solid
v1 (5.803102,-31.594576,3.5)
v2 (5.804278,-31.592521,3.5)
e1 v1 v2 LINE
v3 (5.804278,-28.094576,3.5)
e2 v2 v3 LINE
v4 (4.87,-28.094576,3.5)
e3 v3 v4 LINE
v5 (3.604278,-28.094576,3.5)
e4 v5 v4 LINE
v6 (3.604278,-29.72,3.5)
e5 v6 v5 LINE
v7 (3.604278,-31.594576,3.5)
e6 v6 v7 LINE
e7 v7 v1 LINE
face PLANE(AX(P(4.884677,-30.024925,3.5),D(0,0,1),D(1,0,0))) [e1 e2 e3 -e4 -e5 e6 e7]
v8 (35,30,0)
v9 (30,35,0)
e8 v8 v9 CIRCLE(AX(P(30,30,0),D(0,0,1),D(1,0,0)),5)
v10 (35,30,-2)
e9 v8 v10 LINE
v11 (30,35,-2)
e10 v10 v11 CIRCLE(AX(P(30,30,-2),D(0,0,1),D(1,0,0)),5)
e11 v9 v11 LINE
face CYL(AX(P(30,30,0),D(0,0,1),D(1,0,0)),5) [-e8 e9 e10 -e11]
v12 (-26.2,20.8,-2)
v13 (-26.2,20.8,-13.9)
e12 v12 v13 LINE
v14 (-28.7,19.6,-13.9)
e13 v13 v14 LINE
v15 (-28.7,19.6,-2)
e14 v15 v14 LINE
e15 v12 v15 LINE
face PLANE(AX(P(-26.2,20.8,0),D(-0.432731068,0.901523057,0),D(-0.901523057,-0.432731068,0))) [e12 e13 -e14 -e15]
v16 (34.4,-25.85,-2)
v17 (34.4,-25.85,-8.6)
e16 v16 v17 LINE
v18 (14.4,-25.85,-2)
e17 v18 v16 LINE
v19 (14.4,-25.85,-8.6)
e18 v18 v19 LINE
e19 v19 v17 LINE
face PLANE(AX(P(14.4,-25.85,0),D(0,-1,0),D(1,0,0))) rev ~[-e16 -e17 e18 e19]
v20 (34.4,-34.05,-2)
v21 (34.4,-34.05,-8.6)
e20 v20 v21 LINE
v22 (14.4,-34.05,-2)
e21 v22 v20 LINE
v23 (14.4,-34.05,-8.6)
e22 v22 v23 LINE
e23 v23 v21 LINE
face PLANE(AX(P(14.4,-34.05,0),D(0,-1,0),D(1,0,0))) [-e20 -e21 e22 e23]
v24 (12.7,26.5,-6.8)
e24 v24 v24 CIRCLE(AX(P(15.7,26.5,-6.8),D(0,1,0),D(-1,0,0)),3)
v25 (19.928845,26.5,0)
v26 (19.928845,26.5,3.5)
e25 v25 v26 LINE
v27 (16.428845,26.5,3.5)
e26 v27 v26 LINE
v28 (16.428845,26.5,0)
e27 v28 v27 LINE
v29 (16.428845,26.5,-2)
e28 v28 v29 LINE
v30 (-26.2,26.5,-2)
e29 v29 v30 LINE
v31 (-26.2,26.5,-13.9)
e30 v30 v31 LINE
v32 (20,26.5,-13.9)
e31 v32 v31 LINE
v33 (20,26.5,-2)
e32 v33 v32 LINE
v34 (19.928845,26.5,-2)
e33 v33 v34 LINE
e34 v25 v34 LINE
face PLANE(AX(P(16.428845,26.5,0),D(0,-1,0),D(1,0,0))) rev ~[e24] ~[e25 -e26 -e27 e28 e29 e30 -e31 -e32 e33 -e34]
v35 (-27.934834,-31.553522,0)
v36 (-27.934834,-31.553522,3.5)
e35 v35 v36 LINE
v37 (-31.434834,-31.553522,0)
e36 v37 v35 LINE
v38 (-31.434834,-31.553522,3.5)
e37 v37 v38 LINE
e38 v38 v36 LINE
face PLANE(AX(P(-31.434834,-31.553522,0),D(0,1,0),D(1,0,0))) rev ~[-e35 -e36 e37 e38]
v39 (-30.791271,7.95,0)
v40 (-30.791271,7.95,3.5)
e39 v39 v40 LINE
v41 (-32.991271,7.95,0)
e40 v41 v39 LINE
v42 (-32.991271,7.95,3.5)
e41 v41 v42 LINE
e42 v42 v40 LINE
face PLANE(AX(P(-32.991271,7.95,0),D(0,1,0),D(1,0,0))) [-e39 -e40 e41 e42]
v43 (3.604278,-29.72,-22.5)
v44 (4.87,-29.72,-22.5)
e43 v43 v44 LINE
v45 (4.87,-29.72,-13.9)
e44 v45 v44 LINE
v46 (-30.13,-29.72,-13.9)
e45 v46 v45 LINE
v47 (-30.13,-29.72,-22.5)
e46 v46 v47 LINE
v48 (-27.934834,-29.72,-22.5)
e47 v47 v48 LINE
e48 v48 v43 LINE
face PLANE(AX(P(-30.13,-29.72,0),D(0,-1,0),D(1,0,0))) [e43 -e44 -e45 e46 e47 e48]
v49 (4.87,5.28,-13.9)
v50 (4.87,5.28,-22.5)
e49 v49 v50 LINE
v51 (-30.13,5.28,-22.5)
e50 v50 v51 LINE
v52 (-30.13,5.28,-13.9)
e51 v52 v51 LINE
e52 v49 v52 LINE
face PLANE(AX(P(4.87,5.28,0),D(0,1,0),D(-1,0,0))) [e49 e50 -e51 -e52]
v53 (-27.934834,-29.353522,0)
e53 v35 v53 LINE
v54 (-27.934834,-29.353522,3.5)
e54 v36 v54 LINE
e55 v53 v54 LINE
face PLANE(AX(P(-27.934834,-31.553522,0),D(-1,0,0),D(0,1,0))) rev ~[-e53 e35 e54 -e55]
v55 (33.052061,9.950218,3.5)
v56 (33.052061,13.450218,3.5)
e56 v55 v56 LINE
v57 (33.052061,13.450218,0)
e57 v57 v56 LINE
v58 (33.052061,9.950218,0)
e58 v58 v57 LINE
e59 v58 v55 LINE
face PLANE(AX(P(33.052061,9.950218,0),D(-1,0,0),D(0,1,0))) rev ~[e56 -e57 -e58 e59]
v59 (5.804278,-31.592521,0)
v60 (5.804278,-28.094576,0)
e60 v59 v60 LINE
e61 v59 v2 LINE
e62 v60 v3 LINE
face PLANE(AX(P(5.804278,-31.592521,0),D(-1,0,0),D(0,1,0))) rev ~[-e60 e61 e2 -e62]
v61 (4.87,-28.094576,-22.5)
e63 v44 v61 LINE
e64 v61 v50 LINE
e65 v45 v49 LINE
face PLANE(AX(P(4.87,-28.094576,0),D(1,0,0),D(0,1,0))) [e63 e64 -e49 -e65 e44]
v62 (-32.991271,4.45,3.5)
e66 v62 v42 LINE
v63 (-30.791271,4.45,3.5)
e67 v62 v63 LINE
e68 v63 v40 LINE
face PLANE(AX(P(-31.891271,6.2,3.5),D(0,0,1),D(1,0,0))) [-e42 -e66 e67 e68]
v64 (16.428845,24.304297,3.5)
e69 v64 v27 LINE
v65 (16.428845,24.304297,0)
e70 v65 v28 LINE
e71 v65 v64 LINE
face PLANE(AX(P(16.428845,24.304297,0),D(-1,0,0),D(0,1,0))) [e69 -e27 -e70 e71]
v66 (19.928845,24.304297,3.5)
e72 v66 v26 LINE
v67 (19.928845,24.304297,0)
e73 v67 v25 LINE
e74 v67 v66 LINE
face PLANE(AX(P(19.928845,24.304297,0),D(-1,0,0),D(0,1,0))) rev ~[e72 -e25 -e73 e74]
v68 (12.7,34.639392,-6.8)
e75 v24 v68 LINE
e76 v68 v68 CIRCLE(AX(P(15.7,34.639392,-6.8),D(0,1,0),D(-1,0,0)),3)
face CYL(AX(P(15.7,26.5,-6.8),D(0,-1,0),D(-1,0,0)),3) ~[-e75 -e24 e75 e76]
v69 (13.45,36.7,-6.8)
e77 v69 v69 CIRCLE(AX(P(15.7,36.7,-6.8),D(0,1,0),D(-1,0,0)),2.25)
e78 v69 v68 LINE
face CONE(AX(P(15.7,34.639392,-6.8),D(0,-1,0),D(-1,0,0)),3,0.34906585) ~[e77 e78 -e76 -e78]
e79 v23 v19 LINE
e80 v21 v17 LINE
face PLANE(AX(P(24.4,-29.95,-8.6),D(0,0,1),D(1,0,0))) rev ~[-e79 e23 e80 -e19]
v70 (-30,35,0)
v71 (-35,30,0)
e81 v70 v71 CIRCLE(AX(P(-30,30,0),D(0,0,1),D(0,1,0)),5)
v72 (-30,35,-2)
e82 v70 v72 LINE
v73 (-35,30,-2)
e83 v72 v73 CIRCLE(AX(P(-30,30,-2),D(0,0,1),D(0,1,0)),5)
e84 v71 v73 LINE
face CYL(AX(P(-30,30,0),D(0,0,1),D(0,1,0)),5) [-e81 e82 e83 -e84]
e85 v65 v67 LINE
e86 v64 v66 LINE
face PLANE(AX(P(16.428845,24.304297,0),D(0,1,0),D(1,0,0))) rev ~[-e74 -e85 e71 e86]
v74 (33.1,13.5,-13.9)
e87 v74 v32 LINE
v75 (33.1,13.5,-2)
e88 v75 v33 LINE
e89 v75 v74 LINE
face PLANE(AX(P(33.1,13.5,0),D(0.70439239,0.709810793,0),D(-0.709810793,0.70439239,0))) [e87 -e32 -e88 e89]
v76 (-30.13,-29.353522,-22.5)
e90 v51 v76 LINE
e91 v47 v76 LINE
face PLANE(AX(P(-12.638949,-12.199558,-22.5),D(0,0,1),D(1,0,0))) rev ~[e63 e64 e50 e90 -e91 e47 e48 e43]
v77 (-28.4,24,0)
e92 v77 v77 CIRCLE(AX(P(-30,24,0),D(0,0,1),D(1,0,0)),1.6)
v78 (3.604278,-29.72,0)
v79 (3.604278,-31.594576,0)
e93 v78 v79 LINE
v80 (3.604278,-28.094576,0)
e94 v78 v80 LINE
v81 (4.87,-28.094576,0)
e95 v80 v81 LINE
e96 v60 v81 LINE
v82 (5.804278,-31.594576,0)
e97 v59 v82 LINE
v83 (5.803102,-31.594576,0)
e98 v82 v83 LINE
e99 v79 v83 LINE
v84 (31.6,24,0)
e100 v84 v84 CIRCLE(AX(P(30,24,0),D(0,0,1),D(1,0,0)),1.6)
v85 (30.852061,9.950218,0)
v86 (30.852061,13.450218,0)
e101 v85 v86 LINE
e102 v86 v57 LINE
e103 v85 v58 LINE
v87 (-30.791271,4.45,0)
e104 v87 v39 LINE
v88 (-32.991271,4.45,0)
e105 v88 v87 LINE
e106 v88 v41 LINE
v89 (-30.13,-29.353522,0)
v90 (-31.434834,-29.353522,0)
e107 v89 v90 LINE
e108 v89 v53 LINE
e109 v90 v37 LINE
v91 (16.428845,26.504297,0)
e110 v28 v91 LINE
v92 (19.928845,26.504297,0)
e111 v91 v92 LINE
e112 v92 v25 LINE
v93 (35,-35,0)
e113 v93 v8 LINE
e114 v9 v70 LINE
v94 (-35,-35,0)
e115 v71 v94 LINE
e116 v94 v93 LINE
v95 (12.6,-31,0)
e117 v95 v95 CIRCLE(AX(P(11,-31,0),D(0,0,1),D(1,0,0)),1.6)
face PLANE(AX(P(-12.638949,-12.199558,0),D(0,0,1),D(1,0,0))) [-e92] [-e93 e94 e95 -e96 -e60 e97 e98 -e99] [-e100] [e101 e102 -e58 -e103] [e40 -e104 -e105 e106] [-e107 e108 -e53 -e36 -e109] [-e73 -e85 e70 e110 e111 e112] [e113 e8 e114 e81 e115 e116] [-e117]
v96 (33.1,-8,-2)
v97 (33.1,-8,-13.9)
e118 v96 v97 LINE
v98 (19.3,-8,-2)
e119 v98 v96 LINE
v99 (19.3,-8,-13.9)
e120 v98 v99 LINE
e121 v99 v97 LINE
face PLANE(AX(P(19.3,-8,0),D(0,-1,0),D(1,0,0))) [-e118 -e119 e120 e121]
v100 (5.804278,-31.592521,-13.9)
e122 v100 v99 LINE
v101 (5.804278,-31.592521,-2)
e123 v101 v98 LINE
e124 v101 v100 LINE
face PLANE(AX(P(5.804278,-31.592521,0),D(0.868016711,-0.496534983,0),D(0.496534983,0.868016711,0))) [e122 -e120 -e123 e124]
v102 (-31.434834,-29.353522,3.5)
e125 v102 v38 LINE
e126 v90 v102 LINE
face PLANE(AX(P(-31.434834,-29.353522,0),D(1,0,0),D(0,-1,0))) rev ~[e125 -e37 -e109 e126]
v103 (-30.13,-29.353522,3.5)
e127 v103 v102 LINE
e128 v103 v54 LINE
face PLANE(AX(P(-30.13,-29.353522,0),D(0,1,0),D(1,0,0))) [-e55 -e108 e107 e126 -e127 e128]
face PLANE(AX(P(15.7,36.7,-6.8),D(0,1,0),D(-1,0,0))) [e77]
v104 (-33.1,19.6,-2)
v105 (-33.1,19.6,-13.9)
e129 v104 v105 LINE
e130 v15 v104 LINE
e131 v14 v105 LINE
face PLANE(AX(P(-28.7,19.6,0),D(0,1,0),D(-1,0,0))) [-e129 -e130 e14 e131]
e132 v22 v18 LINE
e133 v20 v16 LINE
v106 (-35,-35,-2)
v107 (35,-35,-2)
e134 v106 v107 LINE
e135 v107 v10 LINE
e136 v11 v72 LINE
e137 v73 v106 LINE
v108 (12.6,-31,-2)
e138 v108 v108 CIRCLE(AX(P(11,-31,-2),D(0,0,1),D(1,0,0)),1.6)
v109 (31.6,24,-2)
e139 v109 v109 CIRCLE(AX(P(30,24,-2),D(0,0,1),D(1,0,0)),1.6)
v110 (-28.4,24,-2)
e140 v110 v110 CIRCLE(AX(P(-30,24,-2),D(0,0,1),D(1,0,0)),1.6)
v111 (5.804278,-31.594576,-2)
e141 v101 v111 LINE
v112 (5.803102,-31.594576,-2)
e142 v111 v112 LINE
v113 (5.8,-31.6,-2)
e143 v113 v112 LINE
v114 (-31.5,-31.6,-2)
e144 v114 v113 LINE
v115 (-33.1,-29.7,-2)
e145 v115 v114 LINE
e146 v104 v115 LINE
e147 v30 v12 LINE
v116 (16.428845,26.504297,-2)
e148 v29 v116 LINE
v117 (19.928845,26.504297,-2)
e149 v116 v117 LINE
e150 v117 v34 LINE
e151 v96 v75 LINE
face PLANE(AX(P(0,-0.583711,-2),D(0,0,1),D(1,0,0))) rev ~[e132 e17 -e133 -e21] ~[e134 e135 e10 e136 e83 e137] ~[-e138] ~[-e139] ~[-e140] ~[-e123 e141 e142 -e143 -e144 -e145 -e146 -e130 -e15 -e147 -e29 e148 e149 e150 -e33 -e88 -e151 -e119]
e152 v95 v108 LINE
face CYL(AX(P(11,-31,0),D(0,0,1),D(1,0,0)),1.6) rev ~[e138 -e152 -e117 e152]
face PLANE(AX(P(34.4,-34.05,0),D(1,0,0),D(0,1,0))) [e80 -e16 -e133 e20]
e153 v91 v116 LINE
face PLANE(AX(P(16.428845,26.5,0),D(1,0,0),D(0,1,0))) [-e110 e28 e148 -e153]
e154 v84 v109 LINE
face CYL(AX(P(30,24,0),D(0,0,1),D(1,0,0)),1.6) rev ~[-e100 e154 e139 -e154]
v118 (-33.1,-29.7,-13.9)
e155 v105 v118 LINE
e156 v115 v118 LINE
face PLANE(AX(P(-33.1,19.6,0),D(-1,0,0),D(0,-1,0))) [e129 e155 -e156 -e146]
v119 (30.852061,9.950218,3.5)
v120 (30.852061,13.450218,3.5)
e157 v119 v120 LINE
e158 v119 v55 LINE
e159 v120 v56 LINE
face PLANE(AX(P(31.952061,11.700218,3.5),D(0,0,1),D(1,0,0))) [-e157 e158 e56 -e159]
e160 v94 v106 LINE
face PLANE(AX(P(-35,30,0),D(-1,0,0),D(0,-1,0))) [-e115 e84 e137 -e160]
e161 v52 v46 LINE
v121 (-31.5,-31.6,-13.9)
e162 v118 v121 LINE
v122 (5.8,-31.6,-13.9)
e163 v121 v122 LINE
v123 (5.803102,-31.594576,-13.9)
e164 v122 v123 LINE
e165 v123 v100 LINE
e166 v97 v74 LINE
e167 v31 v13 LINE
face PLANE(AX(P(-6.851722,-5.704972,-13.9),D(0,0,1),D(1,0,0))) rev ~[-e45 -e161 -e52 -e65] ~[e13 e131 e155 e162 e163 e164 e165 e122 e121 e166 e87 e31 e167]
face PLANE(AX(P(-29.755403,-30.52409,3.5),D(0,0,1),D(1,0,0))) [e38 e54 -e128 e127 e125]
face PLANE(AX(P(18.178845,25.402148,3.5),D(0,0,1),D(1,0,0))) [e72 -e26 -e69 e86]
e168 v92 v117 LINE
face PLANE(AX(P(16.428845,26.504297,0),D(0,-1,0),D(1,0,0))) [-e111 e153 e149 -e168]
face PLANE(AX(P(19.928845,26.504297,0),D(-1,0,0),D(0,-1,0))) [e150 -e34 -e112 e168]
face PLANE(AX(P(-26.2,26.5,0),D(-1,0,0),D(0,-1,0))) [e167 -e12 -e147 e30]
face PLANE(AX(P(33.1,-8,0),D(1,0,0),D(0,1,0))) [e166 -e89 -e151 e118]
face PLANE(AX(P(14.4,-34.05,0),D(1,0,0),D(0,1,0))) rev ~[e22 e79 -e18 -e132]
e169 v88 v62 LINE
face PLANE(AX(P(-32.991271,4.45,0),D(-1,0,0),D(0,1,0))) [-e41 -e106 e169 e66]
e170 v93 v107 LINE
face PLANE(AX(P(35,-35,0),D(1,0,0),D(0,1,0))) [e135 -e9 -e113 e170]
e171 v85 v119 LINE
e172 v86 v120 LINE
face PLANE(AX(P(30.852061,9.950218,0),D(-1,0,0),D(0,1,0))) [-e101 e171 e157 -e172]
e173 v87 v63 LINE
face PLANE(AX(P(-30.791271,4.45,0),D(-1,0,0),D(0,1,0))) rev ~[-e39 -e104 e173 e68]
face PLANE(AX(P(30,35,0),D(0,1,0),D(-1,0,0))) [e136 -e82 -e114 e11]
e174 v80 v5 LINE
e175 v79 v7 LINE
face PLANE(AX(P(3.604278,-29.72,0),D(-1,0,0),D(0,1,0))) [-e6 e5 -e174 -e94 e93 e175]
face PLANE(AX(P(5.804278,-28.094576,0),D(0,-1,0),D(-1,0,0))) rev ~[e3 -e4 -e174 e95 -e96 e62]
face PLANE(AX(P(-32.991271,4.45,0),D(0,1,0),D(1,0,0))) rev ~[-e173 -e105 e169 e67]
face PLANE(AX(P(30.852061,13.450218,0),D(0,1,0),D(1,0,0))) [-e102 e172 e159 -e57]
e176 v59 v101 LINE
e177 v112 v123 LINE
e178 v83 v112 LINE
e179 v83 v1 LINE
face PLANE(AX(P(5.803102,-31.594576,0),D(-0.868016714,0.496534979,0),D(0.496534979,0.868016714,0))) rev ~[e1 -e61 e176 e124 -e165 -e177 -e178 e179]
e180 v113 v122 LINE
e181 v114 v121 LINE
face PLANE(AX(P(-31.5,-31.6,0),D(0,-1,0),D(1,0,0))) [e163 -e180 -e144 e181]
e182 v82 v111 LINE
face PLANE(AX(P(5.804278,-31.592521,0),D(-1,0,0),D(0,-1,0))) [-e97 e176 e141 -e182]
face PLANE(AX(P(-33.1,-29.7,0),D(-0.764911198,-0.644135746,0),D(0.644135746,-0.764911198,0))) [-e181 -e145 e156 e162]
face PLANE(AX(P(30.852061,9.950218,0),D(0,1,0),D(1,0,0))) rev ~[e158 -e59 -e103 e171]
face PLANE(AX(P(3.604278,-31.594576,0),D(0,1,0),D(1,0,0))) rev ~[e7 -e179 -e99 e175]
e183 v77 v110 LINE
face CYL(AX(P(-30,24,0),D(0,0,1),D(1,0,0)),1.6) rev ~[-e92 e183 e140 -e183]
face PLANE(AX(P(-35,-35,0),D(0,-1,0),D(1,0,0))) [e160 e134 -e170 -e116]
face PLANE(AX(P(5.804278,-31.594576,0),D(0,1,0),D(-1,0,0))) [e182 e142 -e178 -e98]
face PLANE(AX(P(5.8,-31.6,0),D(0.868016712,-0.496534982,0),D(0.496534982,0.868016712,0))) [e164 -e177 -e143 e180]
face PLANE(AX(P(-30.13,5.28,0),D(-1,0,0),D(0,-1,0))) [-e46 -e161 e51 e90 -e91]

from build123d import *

# Parameters (mm, degrees)
F0_R     = 1.6
F0_W     = 20
F0_H     = 8.2
F0_W_2   = 2.2
F0_H_2   = 3.5
F0_W_3   = 3.5
F0_H_3   = 2.1957031846
F1_DEPTH = 2
F0_W_4   = 1.2657215719
F0_H_4   = 1.6254235071
F0_W_5   = 2.1951658177
F0_H_5   = 0.3664782417
F2_DEPTH = 13.9
F3_DEPTH = 8.6
F4_DEPTH = 22.5
F5_R     = 3
F6_DEPTH = 10.2
F7_SIZE2 = 2.0606080646
F7_SIZE  = 0.75
F8_DEPTH = 3.5


with BuildPart() as f1:
    # F0 (on Top) → F1 (new body)
    with BuildSketch(Plane.XY):
        with BuildLine():
            ThreePointArc((35, 30), (33.5355339059, 33.5355339059), (30, 35))
            Line((30, 35), (-30, 35))
            ThreePointArc((-30, 35), (-33.5355339059, 33.5355339059), (-35, 30))
            Line((-35, 30), (-35, -35))
            Line((-35, -35), (35, -35))
            Line((35, -35), (35, 30))
        make_face()
        with Locations((11, -31)):
            Circle(F0_R, mode=Mode.SUBTRACT)
        with Locations((24.4, -29.95)):
            Rectangle(F0_W, F0_H, mode=Mode.SUBTRACT)
        Polygon((-26.2, 20.8), (-26.2, 26.5), (16.4288448244, 26.5), (16.4288448244, 26.5042968154), (19.9288448244, 26.5042968154), (19.9288448244, 26.5), (20, 26.5), (33.1, 13.5), (33.1, -8), (19.3, -8), (5.8042784281, -31.5925206738), (5.8042784281, -31.5945764929), (5.8031024299, -31.5945764929), (5.8, -31.6), (-31.5, -31.6), (-33.1, -29.7), (-33.1, 19.6), (-28.7, 19.6), align=None, mode=Mode.SUBTRACT)
        with Locations((-30, 24)):
            Circle(F0_R, mode=Mode.SUBTRACT)
        with Locations((30, 24)):
            Circle(F0_R, mode=Mode.SUBTRACT)
        Polygon((16.4288448244, 26.5), (-26.2, 26.5), (-26.2, 20.8), (-28.7, 19.6), (-33.1, 19.6), (-33.1, -29.7), (-31.5, -31.6), (5.8, -31.6), (5.8031024299, -31.5945764929), (3.6042784281, -31.5945764929), (3.6042784281, -29.72), (-27.9348341823, -29.72), (-27.9348341823, -31.5535217583), (-31.4348341823, -31.5535217583), (-31.4348341823, -29.3535217583), (-30.13, -29.3535217583), (-30.13, 5.28), (4.87, 5.28), (4.87, -28.0945764929), (5.8042784281, -28.0945764929), (5.8042784281, -31.5925206738), (19.3, -8), (33.1, -8), (33.1, 13.5), (20, 26.5), (19.9288448244, 26.5), (19.9288448244, 24.3042968154), (16.4288448244, 24.3042968154), align=None)
        with Locations((-31.891271472, 6.2)):
            Rectangle(F0_W_2, F0_H_2, mode=Mode.SUBTRACT)
        with Locations((31.9520607591, 11.7002176121)):
            Rectangle(F0_W_2, F0_H_2, mode=Mode.SUBTRACT)
        Polygon((3.6042784281, -28.0945764929), (4.87, -28.0945764929), (4.87, 5.28), (-30.13, 5.28), (-30.13, -29.3535217583), (-27.9348341823, -29.3535217583), (-27.9348341823, -29.72), (3.6042784281, -29.72), align=None)
        with Locations((24.4, -29.95)):
            Rectangle(F0_W, F0_H)
        with Locations((31.9520607591, 11.7002176121)):
            Rectangle(F0_W_2, F0_H_2)
        with Locations((18.1788448244, 25.4021484077)):
            Rectangle(F0_W_3, F0_H_3)
        Polygon((5.8031024299, -31.5945764929), (5.8042784281, -31.5925206738), (5.8042784281, -28.0945764929), (4.87, -28.0945764929), (4.87, -29.72), (3.6042784281, -29.72), (3.6042784281, -31.5945764929), align=None)
        Polygon((-27.9348341823, -31.5535217583), (-27.9348341823, -29.72), (-30.13, -29.72), (-30.13, -29.3535217583), (-31.4348341823, -29.3535217583), (-31.4348341823, -31.5535217583), align=None)
        with Locations((-31.891271472, 6.2)):
            Rectangle(F0_W_2, F0_H_2)
    extrude(amount=-F1_DEPTH)

    # F0 (on Top) → F2 (join)
    with BuildSketch(Plane.XY):
        Polygon((16.4288448244, 26.5), (-26.2, 26.5), (-26.2, 20.8), (-28.7, 19.6), (-33.1, 19.6), (-33.1, -29.7), (-31.5, -31.6), (5.8, -31.6), (5.8031024299, -31.5945764929), (3.6042784281, -31.5945764929), (3.6042784281, -29.72), (-27.9348341823, -29.72), (-27.9348341823, -31.5535217583), (-31.4348341823, -31.5535217583), (-31.4348341823, -29.3535217583), (-30.13, -29.3535217583), (-30.13, 5.28), (4.87, 5.28), (4.87, -28.0945764929), (5.8042784281, -28.0945764929), (5.8042784281, -31.5925206738), (19.3, -8), (33.1, -8), (33.1, 13.5), (20, 26.5), (19.9288448244, 26.5), (19.9288448244, 24.3042968154), (16.4288448244, 24.3042968154), align=None)
        with Locations((-31.891271472, 6.2)):
            Rectangle(F0_W_2, F0_H_2, mode=Mode.SUBTRACT)
        with Locations((31.9520607591, 11.7002176121)):
            Rectangle(F0_W_2, F0_H_2, mode=Mode.SUBTRACT)
        Polygon((3.6042784281, -28.0945764929), (4.87, -28.0945764929), (4.87, 5.28), (-30.13, 5.28), (-30.13, -29.3535217583), (-27.9348341823, -29.3535217583), (-27.9348341823, -29.72), (3.6042784281, -29.72), align=None)
        Polygon((5.8031024299, -31.5945764929), (5.8042784281, -31.5925206738), (5.8042784281, -28.0945764929), (4.87, -28.0945764929), (4.87, -29.72), (3.6042784281, -29.72), (3.6042784281, -31.5945764929), align=None)
        with Locations((-31.891271472, 6.2)):
            Rectangle(F0_W_2, F0_H_2)
        with Locations((18.1788448244, 25.4021484077)):
            Rectangle(F0_W_3, F0_H_3)
        with Locations((31.9520607591, 11.7002176121)):
            Rectangle(F0_W_2, F0_H_2)
        with Locations((4.2371392141, -28.9072882465)):
            Rectangle(F0_W_4, F0_H_4)
        Polygon((-27.9348341823, -31.5535217583), (-27.9348341823, -29.72), (-30.13, -29.72), (-30.13, -29.3535217583), (-31.4348341823, -29.3535217583), (-31.4348341823, -31.5535217583), align=None)
        with Locations((-29.0324170911, -29.5367608792)):
            Rectangle(F0_W_5, F0_H_5)
    extrude(amount=-F2_DEPTH)

    # F0 (on Top) → F3 (join)
    with BuildSketch(Plane.XY):
        with Locations((24.4, -29.95)):
            Rectangle(F0_W, F0_H)
    extrude(amount=-F3_DEPTH)

    # F0 (on Top) → F4 (join)
    with BuildSketch(Plane.XY):
        Polygon((3.6042784281, -28.0945764929), (4.87, -28.0945764929), (4.87, 5.28), (-30.13, 5.28), (-30.13, -29.3535217583), (-27.9348341823, -29.3535217583), (-27.9348341823, -29.72), (3.6042784281, -29.72), align=None)
        with Locations((4.2371392141, -28.9072882465)):
            Rectangle(F0_W_4, F0_H_4)
        with Locations((-29.0324170911, -29.5367608792)):
            Rectangle(F0_W_5, F0_H_5)
    extrude(amount=-F4_DEPTH)

    # F5 (on face) → F6 (join)
    with BuildSketch(Plane(origin=(0, 26.5, 0), x_dir=(-1, 0, 0), z_dir=(0, 1, 0))):
        with Locations((-15.7, -6.8)):
            Circle(F5_R)
    extrude(amount=F6_DEPTH)

    # F7
    f7_edges = [f1.edges().sort_by_distance(p)[0] for p in [
        (18.7, 36.7, -6.8),
    ]]
    f7_side = f1.faces().sort_by_distance((15.7, 36.7, -6.8))[0]
    chamfer(f7_edges, length=F7_SIZE, length2=F7_SIZE2, reference=f7_side)

    # F0 (on Top) → F8 (join)
    with BuildSketch(Plane.XY):
        Polygon((-27.9348341823, -31.5535217583), (-27.9348341823, -29.72), (-30.13, -29.72), (-30.13, -29.3535217583), (-31.4348341823, -29.3535217583), (-31.4348341823, -31.5535217583), align=None)
        Polygon((5.8031024299, -31.5945764929), (5.8042784281, -31.5925206738), (5.8042784281, -28.0945764929), (4.87, -28.0945764929), (4.87, -29.72), (3.6042784281, -29.72), (3.6042784281, -31.5945764929), align=None)
        with Locations((4.2371392141, -28.9072882465)):
            Rectangle(F0_W_4, F0_H_4)
        with Locations((-29.0324170911, -29.5367608792)):
            Rectangle(F0_W_5, F0_H_5)
        with Locations((-31.891271472, 6.2)):
            Rectangle(F0_W_2, F0_H_2)
        with Locations((18.1788448244, 25.4021484077)):
            Rectangle(F0_W_3, F0_H_3)
        with Locations((31.9520607591, 11.7002176121)):
            Rectangle(F0_W_2, F0_H_2)
    extrude(amount=F8_DEPTH)


solid = f1.part
